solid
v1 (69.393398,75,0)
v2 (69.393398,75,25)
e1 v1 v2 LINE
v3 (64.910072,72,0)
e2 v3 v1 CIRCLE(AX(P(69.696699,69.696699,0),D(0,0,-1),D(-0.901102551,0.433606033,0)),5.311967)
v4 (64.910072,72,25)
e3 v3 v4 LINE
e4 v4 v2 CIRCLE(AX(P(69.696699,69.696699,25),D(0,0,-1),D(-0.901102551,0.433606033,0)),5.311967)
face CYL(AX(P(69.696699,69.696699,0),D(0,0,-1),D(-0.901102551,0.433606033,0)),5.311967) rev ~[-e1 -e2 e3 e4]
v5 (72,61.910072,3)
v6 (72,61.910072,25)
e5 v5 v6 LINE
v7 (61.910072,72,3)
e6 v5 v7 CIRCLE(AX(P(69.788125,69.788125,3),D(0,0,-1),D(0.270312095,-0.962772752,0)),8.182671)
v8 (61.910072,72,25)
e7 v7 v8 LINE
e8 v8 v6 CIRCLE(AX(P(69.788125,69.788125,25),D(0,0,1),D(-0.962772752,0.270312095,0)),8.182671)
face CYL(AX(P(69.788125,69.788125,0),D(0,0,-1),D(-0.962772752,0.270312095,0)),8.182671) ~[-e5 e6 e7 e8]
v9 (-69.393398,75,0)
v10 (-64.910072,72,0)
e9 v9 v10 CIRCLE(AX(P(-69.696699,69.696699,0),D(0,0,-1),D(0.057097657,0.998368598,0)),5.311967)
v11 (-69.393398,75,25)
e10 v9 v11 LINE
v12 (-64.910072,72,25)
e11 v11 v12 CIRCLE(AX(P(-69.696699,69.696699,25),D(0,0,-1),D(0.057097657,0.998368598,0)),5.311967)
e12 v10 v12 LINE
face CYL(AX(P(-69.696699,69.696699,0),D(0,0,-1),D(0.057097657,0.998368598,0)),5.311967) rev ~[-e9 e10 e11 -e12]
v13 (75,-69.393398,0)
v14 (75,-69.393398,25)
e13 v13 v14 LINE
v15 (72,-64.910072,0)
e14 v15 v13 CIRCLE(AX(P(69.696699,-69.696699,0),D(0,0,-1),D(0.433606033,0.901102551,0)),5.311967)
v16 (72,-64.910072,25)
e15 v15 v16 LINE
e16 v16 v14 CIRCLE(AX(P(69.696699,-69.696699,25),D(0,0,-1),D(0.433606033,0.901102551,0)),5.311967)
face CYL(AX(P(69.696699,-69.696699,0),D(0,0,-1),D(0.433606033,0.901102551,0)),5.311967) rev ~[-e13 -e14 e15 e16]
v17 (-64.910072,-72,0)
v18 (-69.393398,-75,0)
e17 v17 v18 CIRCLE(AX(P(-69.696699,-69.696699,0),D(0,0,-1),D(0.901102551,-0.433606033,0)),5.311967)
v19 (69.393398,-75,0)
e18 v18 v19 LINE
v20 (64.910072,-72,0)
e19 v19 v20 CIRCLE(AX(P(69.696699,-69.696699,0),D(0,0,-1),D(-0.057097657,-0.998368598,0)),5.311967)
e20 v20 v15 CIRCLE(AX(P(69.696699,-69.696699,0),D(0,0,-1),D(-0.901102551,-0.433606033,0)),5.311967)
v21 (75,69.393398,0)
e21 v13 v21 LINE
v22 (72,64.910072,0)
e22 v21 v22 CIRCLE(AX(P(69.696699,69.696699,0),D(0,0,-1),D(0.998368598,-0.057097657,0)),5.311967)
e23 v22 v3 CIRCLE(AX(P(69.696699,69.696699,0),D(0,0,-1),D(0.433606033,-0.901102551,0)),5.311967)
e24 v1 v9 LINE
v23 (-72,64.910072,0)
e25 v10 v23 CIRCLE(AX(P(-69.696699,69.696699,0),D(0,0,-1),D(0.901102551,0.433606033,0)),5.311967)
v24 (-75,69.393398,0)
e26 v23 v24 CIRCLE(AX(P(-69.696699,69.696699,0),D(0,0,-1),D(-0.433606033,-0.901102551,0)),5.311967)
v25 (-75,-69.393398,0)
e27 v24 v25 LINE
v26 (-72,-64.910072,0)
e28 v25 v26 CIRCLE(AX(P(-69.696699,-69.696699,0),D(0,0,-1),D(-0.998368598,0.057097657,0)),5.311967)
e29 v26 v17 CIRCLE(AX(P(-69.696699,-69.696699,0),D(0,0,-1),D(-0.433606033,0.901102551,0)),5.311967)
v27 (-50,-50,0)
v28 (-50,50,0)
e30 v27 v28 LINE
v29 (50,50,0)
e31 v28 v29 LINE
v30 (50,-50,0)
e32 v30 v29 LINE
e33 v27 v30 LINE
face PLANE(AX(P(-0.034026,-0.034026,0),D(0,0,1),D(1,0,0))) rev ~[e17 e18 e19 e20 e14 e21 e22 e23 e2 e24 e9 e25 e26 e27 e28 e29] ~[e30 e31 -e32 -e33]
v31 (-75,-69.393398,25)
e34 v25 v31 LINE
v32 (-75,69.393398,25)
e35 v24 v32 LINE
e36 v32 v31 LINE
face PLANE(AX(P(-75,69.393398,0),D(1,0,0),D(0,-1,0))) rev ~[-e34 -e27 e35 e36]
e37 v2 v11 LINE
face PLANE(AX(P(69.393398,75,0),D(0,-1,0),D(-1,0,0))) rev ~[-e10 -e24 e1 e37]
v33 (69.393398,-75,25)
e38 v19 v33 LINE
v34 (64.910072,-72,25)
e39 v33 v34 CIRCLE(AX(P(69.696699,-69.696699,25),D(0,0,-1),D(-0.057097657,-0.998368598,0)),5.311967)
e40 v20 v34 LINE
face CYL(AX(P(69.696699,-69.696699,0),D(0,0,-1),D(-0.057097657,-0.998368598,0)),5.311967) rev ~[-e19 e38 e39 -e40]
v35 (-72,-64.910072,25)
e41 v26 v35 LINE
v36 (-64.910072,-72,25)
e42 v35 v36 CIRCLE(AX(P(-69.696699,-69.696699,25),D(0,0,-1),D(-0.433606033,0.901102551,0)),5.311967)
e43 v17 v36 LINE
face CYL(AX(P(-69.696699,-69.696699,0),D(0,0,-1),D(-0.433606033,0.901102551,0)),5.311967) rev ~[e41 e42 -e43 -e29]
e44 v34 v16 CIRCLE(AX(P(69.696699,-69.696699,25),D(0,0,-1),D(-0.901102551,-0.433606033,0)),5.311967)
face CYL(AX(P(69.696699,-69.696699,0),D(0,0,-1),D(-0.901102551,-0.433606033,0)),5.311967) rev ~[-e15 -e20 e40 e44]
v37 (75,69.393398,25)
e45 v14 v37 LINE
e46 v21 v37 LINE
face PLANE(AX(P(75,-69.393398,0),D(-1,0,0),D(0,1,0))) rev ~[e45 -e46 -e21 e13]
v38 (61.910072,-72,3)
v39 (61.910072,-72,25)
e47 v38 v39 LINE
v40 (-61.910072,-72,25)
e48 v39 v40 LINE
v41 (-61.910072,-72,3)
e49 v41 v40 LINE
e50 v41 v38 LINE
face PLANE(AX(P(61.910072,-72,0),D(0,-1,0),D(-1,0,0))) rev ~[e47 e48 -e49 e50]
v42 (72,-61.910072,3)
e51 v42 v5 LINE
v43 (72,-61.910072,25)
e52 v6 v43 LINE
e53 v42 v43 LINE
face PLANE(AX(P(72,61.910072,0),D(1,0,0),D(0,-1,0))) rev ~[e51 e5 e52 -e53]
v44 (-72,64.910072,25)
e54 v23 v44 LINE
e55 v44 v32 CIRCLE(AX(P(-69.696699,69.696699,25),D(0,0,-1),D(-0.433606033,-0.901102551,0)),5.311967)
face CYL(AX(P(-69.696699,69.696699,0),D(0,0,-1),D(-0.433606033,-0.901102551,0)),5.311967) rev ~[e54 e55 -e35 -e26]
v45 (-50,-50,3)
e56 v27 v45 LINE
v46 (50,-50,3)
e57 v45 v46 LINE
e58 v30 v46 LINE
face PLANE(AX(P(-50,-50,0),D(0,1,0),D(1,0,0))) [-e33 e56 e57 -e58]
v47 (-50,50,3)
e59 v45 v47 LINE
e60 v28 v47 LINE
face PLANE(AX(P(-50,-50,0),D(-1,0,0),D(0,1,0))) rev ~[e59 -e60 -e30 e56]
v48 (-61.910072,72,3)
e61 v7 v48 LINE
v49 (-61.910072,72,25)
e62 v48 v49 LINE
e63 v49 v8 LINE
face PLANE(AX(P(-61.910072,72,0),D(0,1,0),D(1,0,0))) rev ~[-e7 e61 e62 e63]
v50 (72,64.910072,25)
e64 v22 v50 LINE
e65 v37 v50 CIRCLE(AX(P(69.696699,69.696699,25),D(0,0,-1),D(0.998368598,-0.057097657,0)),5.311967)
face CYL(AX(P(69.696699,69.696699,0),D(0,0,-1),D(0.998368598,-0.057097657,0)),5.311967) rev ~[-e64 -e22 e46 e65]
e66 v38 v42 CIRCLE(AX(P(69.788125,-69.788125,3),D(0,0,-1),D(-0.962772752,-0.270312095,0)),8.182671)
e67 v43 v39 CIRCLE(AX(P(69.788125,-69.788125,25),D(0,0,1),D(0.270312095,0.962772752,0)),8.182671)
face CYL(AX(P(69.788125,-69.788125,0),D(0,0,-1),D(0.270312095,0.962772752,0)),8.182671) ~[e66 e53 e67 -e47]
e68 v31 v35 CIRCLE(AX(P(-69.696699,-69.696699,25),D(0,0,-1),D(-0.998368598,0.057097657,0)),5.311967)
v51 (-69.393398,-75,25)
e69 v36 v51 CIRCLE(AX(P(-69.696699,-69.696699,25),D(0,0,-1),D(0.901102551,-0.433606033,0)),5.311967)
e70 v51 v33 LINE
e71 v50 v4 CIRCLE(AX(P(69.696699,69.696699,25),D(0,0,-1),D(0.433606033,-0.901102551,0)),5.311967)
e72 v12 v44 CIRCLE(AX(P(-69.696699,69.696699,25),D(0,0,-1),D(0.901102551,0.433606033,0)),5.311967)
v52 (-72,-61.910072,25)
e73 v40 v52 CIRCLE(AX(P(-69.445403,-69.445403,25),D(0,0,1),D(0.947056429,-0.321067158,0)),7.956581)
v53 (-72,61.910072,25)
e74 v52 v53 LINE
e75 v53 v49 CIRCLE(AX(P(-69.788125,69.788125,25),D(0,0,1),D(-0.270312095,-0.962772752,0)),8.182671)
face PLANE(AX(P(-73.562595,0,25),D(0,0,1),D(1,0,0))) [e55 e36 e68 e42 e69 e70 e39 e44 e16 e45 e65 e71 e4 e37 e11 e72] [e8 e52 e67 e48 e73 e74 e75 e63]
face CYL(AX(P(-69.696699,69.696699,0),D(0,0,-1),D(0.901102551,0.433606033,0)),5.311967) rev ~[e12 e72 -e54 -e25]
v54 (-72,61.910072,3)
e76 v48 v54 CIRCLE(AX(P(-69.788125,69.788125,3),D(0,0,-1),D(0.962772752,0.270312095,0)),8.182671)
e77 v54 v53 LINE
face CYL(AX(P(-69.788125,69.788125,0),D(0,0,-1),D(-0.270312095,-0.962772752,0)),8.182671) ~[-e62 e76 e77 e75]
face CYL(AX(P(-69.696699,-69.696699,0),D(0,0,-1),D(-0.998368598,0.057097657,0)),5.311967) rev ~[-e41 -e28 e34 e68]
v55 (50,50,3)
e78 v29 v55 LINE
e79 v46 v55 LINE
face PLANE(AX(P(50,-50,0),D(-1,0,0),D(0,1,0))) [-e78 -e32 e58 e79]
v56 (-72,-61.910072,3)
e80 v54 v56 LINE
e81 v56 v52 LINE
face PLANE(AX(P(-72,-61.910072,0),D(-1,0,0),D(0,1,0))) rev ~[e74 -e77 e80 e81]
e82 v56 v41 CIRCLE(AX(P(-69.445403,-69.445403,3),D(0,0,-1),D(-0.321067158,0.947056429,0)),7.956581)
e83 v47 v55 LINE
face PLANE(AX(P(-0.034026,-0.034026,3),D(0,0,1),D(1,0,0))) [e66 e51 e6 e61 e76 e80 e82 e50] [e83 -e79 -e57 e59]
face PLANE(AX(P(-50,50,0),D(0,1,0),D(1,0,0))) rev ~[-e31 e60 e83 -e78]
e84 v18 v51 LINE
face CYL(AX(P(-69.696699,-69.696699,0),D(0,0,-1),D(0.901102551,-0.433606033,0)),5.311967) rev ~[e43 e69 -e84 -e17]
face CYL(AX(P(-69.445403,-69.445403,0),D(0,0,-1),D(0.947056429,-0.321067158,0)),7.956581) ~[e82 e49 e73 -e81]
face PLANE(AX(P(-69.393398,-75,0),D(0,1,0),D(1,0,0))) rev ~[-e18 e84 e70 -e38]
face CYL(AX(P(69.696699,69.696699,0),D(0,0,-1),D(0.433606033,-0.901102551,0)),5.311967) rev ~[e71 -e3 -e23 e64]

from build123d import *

# Parameters (mm, degrees)
F1_DEPTH = 25
F0_W     = 100
F0_H     = 100
F2_DEPTH = 3


with BuildPart() as f1:
    # F0 (on Top) → F1 (new body)
    with BuildSketch(Plane.XY):
        with BuildLine():
            ThreePointArc((-72, 64.9100722949), (-74.1114641858, 66.7425764269), (-75, 69.3933982822))
            Line((-75, 69.3933982822), (-75, -69.3933982822))
            ThreePointArc((-75, -69.3933982822), (-74.1114641858, -66.7425764269), (-72, -64.9100722949))
            Line((-72, -64.9100722949), (-72, -61.9100722949))
            Line((-72, -61.9100722949), (-72, 61.9100722949))
            Line((-72, 61.9100722949), (-72, 64.9100722949))
        make_face()
        with BuildLine():
            Line((-61.9100722949, 72), (-64.9100722949, 72))
            ThreePointArc((-64.9100722949, 72), (-65.9405713869, 65.9405713869), (-72, 64.9100722949))
            Line((-72, 64.9100722949), (-72, 61.9100722949))
            ThreePointArc((-72, 61.9100722949), (-64.0021028341, 64.0021028341), (-61.9100722949, 72))
        make_face()
        with BuildLine():
            Line((69.3933982822, 75), (-69.3933982822, 75))
            ThreePointArc((-69.3933982822, 75), (-66.7425764269, 74.1114641858), (-64.9100722949, 72))
            Line((-64.9100722949, 72), (-61.9100722949, 72))
            Line((-61.9100722949, 72), (61.9100722949, 72))
            Line((61.9100722949, 72), (64.9100722949, 72))
            ThreePointArc((64.9100722949, 72), (66.7425764269, 74.1114641858), (69.3933982822, 75))
        make_face()
        with BuildLine():
            ThreePointArc((72, 64.9100722949), (65.9405713869, 65.9405713869), (64.9100722949, 72))
            Line((64.9100722949, 72), (61.9100722949, 72))
            ThreePointArc((61.9100722949, 72), (64.0021028341, 64.0021028341), (72, 61.9100722949))
            Line((72, 61.9100722949), (72, 64.9100722949))
        make_face()
        with BuildLine():
            ThreePointArc((75, 69.3933982822), (74.1114641858, 66.7425764269), (72, 64.9100722949))
            Line((72, 64.9100722949), (72, 61.9100722949))
            Line((72, 61.9100722949), (72, -61.9100722949))
            Line((72, -61.9100722949), (72, -64.9100722949))
            ThreePointArc((72, -64.9100722949), (74.1114641858, -66.7425764269), (75, -69.3933982822))
            Line((75, -69.3933982822), (75, 69.3933982822))
        make_face()
        with BuildLine():
            Line((72, -64.9100722949), (72, -61.9100722949))
            ThreePointArc((72, -61.9100722949), (64.0021028341, -64.0021028341), (61.9100722949, -72))
            Line((61.9100722949, -72), (64.9100722949, -72))
            ThreePointArc((64.9100722949, -72), (65.9405713869, -65.9405713869), (72, -64.9100722949))
        make_face()
        with BuildLine():
            Line((-61.9100722949, -72), (-64.9100722949, -72))
            ThreePointArc((-64.9100722949, -72), (-66.7425764269, -74.1114641858), (-69.3933982822, -75))
            Line((-69.3933982822, -75), (69.3933982822, -75))
            ThreePointArc((69.3933982822, -75), (66.7425764269, -74.1114641858), (64.9100722949, -72))
            Line((64.9100722949, -72), (61.9100722949, -72))
            Line((61.9100722949, -72), (-61.9100722949, -72))
        make_face()
        with BuildLine():
            Line((-72, -61.9100722949), (-72, -64.9100722949))
            ThreePointArc((-72, -64.9100722949), (-65.9405713869, -65.9405713869), (-64.9100722949, -72))
            Line((-64.9100722949, -72), (-61.9100722949, -72))
            ThreePointArc((-61.9100722949, -72), (-63.8192510434, -63.8192510434), (-72, -61.9100722949))
        make_face()
    extrude(amount=F1_DEPTH)

    # F0 (on Top) → F2 (join)
    with BuildSketch(Plane.XY):
        with BuildLine():
            Line((61.9100722949, 72), (-61.9100722949, 72))
            ThreePointArc((-61.9100722949, 72), (-64.0021028341, 64.0021028341), (-72, 61.9100722949))
            Line((-72, 61.9100722949), (-72, -61.9100722949))
            ThreePointArc((-72, -61.9100722949), (-63.8192510434, -63.8192510434), (-61.9100722949, -72))
            Line((-61.9100722949, -72), (61.9100722949, -72))
            ThreePointArc((61.9100722949, -72), (64.0021028341, -64.0021028341), (72, -61.9100722949))
            Line((72, -61.9100722949), (72, 61.9100722949))
            ThreePointArc((72, 61.9100722949), (64.0021028341, 64.0021028341), (61.9100722949, 72))
        make_face()
        Rectangle(F0_W, F0_H, mode=Mode.SUBTRACT)
    extrude(amount=F2_DEPTH)


solid = f1.part
